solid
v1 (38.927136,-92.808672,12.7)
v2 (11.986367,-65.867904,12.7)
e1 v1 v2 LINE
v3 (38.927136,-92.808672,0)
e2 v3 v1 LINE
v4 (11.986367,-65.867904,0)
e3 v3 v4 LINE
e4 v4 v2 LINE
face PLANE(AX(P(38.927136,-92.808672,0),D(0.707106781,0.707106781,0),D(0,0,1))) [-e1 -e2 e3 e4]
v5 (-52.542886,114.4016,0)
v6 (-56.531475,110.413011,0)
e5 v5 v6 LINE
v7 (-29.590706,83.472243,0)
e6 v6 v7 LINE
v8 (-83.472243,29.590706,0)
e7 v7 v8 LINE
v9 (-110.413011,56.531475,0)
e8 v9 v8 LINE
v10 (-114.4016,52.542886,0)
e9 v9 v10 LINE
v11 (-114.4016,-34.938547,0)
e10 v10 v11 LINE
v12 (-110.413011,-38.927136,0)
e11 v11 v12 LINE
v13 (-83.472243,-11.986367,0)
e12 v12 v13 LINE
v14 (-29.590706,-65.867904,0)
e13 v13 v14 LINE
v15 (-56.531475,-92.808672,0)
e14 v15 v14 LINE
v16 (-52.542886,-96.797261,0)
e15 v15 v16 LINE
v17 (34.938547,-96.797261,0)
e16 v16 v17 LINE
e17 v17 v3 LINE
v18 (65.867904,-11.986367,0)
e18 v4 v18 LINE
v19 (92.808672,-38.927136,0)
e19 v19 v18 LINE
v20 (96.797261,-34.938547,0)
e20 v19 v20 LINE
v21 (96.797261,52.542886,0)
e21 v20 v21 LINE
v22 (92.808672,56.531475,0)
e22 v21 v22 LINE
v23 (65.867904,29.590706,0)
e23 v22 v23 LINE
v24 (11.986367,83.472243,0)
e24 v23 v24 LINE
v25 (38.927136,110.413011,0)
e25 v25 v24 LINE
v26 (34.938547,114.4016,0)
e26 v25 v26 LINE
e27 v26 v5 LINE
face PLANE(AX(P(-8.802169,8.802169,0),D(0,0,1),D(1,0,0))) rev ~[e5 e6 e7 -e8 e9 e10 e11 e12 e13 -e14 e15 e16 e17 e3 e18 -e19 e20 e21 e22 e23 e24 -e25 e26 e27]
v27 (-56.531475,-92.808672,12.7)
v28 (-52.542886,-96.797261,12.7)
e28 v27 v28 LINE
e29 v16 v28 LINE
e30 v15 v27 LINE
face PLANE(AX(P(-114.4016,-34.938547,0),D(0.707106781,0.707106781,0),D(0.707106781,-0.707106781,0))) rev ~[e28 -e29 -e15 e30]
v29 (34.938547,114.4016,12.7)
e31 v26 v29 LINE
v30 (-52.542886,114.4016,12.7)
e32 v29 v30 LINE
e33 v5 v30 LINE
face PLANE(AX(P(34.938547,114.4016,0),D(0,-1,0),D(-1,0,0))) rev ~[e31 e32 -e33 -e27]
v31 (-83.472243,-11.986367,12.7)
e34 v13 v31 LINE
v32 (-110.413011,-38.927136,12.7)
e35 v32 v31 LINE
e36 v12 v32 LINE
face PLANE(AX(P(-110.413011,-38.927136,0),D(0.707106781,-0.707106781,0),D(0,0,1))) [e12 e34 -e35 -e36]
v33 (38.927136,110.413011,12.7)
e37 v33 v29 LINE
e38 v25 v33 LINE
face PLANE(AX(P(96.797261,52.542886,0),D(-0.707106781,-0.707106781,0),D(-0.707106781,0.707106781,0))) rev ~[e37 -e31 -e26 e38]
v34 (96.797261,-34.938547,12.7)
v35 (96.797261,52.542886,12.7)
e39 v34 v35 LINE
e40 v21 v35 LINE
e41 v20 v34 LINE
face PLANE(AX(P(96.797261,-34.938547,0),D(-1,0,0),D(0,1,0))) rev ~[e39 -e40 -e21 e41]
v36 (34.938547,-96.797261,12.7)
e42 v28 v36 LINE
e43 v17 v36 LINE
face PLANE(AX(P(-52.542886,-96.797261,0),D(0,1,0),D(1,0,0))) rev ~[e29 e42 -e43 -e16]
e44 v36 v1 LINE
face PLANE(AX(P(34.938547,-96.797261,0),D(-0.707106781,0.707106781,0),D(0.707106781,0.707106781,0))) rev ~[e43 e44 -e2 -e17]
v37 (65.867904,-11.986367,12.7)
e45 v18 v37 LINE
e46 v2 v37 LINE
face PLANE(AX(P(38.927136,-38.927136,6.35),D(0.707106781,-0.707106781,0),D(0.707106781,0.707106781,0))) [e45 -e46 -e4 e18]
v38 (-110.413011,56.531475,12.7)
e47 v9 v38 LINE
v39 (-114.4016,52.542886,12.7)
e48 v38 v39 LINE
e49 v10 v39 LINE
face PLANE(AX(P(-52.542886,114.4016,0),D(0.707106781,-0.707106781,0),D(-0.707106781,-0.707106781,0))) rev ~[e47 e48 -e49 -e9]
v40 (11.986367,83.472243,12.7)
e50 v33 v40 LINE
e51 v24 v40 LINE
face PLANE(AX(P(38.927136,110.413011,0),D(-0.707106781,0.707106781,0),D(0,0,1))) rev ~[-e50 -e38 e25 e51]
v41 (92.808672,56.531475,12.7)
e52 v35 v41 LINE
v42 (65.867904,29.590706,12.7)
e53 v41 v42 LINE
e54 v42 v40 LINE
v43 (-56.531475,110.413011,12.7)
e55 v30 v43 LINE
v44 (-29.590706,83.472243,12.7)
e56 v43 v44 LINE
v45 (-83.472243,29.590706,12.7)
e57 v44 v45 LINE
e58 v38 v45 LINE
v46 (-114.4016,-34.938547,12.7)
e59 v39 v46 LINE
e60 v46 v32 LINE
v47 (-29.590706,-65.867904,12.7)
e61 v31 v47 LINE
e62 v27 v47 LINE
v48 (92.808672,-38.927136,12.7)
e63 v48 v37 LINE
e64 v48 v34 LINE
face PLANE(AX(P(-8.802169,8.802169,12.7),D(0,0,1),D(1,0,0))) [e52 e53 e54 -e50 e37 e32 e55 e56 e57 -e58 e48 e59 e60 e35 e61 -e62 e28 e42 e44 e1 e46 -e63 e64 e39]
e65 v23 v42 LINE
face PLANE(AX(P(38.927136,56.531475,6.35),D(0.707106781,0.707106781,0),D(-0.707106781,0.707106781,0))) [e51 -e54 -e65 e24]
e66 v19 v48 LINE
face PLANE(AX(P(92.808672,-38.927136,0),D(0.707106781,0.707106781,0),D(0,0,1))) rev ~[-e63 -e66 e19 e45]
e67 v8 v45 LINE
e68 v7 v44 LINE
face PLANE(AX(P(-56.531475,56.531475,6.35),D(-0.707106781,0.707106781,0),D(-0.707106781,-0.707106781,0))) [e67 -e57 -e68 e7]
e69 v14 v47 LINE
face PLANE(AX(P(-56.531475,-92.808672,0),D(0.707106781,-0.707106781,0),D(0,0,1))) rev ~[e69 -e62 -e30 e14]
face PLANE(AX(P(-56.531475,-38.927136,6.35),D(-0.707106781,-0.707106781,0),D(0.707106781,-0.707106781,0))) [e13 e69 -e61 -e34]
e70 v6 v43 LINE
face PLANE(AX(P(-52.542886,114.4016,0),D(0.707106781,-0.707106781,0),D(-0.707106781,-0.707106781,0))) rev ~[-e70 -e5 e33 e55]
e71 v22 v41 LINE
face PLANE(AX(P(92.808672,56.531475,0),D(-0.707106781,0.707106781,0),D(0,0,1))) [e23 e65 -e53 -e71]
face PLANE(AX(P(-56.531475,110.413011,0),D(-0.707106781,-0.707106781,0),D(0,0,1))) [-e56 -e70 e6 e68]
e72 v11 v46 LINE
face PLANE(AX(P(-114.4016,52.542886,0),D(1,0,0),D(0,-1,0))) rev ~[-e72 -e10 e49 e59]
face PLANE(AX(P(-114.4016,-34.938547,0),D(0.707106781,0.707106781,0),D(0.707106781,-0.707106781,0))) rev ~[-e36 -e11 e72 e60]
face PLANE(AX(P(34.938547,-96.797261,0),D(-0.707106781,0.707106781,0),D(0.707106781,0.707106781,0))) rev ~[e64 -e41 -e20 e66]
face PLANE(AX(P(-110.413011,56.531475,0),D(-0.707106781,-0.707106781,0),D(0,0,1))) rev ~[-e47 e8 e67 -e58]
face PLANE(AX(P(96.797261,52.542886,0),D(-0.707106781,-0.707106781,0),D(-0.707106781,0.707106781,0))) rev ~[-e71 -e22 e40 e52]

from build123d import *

# Parameters (mm, degrees)
F1_DEPTH = 12.7
F2_W     = 76.2
F2_H     = 12.7
F3_DEPTH = 38.1
F4_W     = 76.2
F4_H     = 12.7
F5_DEPTH = 38.1
F6_W     = 76.2
F6_H     = 12.7
F7_DEPTH = 38.1
F8_W     = 76.2
F8_H     = 12.7
F9_DEPTH = 38.1


with BuildPart() as f1:
    # F0 (on Top) → F1 (new body)
    with BuildSketch(Plane.XY):
        Polygon((34.9385468854, 114.4016), (-52.5428857533, 114.4016), (-114.4016, 52.5428857533), (-114.4016, -34.9385468854), (-52.5428857533, -96.7972611321), (34.9385468854, -96.7972611321), (96.7972611321, -34.9385468854), (96.7972611321, 52.5428857533), align=None)
    extrude(amount=F1_DEPTH)

    # F2 (on face) → F3 (cut)
    with BuildSketch(Plane(origin=(65.8679040087, -65.8679040087, 0), x_dir=(0.7071067812, 0.7071067812, 0), z_dir=(0.7071067812, -0.7071067812, 0))):
        with Locations((0, 6.35)):
            Rectangle(F2_W, F2_H)
    extrude(amount=-F3_DEPTH, mode=Mode.SUBTRACT)

    # F4 (on face) → F5 (cut)
    with BuildSketch(Plane(origin=(-74.6700734427, -74.6700734427, 0), x_dir=(0.7071067812, -0.7071067812, 0), z_dir=(-0.7071067812, -0.7071067812, 0))):
        with Locations((-12.4481473918, 6.35)):
            Rectangle(F4_W, F4_H)
    extrude(amount=-F5_DEPTH, mode=Mode.SUBTRACT)

    # F6 (on face) → F7 (cut)
    with BuildSketch(Plane(origin=(-83.4722428766, 83.4722428766, 0), x_dir=(-0.7071067812, -0.7071067812, 0), z_dir=(-0.7071067812, 0.7071067812, 0))):
        with Locations((0, 6.35)):
            Rectangle(F6_W, F6_H)
    extrude(amount=-F7_DEPTH, mode=Mode.SUBTRACT)

    # F8 (on face) → F9 (cut)
    with BuildSketch(Plane(origin=(74.6700734427, 74.6700734427, 0), x_dir=(-0.7071067812, 0.7071067812, 0), z_dir=(0.7071067812, 0.7071067812, 0))):
        with Locations((12.4481473918, 6.35)):
            Rectangle(F8_W, F8_H)
    extrude(amount=-F9_DEPTH, mode=Mode.SUBTRACT)


solid = f1.part
